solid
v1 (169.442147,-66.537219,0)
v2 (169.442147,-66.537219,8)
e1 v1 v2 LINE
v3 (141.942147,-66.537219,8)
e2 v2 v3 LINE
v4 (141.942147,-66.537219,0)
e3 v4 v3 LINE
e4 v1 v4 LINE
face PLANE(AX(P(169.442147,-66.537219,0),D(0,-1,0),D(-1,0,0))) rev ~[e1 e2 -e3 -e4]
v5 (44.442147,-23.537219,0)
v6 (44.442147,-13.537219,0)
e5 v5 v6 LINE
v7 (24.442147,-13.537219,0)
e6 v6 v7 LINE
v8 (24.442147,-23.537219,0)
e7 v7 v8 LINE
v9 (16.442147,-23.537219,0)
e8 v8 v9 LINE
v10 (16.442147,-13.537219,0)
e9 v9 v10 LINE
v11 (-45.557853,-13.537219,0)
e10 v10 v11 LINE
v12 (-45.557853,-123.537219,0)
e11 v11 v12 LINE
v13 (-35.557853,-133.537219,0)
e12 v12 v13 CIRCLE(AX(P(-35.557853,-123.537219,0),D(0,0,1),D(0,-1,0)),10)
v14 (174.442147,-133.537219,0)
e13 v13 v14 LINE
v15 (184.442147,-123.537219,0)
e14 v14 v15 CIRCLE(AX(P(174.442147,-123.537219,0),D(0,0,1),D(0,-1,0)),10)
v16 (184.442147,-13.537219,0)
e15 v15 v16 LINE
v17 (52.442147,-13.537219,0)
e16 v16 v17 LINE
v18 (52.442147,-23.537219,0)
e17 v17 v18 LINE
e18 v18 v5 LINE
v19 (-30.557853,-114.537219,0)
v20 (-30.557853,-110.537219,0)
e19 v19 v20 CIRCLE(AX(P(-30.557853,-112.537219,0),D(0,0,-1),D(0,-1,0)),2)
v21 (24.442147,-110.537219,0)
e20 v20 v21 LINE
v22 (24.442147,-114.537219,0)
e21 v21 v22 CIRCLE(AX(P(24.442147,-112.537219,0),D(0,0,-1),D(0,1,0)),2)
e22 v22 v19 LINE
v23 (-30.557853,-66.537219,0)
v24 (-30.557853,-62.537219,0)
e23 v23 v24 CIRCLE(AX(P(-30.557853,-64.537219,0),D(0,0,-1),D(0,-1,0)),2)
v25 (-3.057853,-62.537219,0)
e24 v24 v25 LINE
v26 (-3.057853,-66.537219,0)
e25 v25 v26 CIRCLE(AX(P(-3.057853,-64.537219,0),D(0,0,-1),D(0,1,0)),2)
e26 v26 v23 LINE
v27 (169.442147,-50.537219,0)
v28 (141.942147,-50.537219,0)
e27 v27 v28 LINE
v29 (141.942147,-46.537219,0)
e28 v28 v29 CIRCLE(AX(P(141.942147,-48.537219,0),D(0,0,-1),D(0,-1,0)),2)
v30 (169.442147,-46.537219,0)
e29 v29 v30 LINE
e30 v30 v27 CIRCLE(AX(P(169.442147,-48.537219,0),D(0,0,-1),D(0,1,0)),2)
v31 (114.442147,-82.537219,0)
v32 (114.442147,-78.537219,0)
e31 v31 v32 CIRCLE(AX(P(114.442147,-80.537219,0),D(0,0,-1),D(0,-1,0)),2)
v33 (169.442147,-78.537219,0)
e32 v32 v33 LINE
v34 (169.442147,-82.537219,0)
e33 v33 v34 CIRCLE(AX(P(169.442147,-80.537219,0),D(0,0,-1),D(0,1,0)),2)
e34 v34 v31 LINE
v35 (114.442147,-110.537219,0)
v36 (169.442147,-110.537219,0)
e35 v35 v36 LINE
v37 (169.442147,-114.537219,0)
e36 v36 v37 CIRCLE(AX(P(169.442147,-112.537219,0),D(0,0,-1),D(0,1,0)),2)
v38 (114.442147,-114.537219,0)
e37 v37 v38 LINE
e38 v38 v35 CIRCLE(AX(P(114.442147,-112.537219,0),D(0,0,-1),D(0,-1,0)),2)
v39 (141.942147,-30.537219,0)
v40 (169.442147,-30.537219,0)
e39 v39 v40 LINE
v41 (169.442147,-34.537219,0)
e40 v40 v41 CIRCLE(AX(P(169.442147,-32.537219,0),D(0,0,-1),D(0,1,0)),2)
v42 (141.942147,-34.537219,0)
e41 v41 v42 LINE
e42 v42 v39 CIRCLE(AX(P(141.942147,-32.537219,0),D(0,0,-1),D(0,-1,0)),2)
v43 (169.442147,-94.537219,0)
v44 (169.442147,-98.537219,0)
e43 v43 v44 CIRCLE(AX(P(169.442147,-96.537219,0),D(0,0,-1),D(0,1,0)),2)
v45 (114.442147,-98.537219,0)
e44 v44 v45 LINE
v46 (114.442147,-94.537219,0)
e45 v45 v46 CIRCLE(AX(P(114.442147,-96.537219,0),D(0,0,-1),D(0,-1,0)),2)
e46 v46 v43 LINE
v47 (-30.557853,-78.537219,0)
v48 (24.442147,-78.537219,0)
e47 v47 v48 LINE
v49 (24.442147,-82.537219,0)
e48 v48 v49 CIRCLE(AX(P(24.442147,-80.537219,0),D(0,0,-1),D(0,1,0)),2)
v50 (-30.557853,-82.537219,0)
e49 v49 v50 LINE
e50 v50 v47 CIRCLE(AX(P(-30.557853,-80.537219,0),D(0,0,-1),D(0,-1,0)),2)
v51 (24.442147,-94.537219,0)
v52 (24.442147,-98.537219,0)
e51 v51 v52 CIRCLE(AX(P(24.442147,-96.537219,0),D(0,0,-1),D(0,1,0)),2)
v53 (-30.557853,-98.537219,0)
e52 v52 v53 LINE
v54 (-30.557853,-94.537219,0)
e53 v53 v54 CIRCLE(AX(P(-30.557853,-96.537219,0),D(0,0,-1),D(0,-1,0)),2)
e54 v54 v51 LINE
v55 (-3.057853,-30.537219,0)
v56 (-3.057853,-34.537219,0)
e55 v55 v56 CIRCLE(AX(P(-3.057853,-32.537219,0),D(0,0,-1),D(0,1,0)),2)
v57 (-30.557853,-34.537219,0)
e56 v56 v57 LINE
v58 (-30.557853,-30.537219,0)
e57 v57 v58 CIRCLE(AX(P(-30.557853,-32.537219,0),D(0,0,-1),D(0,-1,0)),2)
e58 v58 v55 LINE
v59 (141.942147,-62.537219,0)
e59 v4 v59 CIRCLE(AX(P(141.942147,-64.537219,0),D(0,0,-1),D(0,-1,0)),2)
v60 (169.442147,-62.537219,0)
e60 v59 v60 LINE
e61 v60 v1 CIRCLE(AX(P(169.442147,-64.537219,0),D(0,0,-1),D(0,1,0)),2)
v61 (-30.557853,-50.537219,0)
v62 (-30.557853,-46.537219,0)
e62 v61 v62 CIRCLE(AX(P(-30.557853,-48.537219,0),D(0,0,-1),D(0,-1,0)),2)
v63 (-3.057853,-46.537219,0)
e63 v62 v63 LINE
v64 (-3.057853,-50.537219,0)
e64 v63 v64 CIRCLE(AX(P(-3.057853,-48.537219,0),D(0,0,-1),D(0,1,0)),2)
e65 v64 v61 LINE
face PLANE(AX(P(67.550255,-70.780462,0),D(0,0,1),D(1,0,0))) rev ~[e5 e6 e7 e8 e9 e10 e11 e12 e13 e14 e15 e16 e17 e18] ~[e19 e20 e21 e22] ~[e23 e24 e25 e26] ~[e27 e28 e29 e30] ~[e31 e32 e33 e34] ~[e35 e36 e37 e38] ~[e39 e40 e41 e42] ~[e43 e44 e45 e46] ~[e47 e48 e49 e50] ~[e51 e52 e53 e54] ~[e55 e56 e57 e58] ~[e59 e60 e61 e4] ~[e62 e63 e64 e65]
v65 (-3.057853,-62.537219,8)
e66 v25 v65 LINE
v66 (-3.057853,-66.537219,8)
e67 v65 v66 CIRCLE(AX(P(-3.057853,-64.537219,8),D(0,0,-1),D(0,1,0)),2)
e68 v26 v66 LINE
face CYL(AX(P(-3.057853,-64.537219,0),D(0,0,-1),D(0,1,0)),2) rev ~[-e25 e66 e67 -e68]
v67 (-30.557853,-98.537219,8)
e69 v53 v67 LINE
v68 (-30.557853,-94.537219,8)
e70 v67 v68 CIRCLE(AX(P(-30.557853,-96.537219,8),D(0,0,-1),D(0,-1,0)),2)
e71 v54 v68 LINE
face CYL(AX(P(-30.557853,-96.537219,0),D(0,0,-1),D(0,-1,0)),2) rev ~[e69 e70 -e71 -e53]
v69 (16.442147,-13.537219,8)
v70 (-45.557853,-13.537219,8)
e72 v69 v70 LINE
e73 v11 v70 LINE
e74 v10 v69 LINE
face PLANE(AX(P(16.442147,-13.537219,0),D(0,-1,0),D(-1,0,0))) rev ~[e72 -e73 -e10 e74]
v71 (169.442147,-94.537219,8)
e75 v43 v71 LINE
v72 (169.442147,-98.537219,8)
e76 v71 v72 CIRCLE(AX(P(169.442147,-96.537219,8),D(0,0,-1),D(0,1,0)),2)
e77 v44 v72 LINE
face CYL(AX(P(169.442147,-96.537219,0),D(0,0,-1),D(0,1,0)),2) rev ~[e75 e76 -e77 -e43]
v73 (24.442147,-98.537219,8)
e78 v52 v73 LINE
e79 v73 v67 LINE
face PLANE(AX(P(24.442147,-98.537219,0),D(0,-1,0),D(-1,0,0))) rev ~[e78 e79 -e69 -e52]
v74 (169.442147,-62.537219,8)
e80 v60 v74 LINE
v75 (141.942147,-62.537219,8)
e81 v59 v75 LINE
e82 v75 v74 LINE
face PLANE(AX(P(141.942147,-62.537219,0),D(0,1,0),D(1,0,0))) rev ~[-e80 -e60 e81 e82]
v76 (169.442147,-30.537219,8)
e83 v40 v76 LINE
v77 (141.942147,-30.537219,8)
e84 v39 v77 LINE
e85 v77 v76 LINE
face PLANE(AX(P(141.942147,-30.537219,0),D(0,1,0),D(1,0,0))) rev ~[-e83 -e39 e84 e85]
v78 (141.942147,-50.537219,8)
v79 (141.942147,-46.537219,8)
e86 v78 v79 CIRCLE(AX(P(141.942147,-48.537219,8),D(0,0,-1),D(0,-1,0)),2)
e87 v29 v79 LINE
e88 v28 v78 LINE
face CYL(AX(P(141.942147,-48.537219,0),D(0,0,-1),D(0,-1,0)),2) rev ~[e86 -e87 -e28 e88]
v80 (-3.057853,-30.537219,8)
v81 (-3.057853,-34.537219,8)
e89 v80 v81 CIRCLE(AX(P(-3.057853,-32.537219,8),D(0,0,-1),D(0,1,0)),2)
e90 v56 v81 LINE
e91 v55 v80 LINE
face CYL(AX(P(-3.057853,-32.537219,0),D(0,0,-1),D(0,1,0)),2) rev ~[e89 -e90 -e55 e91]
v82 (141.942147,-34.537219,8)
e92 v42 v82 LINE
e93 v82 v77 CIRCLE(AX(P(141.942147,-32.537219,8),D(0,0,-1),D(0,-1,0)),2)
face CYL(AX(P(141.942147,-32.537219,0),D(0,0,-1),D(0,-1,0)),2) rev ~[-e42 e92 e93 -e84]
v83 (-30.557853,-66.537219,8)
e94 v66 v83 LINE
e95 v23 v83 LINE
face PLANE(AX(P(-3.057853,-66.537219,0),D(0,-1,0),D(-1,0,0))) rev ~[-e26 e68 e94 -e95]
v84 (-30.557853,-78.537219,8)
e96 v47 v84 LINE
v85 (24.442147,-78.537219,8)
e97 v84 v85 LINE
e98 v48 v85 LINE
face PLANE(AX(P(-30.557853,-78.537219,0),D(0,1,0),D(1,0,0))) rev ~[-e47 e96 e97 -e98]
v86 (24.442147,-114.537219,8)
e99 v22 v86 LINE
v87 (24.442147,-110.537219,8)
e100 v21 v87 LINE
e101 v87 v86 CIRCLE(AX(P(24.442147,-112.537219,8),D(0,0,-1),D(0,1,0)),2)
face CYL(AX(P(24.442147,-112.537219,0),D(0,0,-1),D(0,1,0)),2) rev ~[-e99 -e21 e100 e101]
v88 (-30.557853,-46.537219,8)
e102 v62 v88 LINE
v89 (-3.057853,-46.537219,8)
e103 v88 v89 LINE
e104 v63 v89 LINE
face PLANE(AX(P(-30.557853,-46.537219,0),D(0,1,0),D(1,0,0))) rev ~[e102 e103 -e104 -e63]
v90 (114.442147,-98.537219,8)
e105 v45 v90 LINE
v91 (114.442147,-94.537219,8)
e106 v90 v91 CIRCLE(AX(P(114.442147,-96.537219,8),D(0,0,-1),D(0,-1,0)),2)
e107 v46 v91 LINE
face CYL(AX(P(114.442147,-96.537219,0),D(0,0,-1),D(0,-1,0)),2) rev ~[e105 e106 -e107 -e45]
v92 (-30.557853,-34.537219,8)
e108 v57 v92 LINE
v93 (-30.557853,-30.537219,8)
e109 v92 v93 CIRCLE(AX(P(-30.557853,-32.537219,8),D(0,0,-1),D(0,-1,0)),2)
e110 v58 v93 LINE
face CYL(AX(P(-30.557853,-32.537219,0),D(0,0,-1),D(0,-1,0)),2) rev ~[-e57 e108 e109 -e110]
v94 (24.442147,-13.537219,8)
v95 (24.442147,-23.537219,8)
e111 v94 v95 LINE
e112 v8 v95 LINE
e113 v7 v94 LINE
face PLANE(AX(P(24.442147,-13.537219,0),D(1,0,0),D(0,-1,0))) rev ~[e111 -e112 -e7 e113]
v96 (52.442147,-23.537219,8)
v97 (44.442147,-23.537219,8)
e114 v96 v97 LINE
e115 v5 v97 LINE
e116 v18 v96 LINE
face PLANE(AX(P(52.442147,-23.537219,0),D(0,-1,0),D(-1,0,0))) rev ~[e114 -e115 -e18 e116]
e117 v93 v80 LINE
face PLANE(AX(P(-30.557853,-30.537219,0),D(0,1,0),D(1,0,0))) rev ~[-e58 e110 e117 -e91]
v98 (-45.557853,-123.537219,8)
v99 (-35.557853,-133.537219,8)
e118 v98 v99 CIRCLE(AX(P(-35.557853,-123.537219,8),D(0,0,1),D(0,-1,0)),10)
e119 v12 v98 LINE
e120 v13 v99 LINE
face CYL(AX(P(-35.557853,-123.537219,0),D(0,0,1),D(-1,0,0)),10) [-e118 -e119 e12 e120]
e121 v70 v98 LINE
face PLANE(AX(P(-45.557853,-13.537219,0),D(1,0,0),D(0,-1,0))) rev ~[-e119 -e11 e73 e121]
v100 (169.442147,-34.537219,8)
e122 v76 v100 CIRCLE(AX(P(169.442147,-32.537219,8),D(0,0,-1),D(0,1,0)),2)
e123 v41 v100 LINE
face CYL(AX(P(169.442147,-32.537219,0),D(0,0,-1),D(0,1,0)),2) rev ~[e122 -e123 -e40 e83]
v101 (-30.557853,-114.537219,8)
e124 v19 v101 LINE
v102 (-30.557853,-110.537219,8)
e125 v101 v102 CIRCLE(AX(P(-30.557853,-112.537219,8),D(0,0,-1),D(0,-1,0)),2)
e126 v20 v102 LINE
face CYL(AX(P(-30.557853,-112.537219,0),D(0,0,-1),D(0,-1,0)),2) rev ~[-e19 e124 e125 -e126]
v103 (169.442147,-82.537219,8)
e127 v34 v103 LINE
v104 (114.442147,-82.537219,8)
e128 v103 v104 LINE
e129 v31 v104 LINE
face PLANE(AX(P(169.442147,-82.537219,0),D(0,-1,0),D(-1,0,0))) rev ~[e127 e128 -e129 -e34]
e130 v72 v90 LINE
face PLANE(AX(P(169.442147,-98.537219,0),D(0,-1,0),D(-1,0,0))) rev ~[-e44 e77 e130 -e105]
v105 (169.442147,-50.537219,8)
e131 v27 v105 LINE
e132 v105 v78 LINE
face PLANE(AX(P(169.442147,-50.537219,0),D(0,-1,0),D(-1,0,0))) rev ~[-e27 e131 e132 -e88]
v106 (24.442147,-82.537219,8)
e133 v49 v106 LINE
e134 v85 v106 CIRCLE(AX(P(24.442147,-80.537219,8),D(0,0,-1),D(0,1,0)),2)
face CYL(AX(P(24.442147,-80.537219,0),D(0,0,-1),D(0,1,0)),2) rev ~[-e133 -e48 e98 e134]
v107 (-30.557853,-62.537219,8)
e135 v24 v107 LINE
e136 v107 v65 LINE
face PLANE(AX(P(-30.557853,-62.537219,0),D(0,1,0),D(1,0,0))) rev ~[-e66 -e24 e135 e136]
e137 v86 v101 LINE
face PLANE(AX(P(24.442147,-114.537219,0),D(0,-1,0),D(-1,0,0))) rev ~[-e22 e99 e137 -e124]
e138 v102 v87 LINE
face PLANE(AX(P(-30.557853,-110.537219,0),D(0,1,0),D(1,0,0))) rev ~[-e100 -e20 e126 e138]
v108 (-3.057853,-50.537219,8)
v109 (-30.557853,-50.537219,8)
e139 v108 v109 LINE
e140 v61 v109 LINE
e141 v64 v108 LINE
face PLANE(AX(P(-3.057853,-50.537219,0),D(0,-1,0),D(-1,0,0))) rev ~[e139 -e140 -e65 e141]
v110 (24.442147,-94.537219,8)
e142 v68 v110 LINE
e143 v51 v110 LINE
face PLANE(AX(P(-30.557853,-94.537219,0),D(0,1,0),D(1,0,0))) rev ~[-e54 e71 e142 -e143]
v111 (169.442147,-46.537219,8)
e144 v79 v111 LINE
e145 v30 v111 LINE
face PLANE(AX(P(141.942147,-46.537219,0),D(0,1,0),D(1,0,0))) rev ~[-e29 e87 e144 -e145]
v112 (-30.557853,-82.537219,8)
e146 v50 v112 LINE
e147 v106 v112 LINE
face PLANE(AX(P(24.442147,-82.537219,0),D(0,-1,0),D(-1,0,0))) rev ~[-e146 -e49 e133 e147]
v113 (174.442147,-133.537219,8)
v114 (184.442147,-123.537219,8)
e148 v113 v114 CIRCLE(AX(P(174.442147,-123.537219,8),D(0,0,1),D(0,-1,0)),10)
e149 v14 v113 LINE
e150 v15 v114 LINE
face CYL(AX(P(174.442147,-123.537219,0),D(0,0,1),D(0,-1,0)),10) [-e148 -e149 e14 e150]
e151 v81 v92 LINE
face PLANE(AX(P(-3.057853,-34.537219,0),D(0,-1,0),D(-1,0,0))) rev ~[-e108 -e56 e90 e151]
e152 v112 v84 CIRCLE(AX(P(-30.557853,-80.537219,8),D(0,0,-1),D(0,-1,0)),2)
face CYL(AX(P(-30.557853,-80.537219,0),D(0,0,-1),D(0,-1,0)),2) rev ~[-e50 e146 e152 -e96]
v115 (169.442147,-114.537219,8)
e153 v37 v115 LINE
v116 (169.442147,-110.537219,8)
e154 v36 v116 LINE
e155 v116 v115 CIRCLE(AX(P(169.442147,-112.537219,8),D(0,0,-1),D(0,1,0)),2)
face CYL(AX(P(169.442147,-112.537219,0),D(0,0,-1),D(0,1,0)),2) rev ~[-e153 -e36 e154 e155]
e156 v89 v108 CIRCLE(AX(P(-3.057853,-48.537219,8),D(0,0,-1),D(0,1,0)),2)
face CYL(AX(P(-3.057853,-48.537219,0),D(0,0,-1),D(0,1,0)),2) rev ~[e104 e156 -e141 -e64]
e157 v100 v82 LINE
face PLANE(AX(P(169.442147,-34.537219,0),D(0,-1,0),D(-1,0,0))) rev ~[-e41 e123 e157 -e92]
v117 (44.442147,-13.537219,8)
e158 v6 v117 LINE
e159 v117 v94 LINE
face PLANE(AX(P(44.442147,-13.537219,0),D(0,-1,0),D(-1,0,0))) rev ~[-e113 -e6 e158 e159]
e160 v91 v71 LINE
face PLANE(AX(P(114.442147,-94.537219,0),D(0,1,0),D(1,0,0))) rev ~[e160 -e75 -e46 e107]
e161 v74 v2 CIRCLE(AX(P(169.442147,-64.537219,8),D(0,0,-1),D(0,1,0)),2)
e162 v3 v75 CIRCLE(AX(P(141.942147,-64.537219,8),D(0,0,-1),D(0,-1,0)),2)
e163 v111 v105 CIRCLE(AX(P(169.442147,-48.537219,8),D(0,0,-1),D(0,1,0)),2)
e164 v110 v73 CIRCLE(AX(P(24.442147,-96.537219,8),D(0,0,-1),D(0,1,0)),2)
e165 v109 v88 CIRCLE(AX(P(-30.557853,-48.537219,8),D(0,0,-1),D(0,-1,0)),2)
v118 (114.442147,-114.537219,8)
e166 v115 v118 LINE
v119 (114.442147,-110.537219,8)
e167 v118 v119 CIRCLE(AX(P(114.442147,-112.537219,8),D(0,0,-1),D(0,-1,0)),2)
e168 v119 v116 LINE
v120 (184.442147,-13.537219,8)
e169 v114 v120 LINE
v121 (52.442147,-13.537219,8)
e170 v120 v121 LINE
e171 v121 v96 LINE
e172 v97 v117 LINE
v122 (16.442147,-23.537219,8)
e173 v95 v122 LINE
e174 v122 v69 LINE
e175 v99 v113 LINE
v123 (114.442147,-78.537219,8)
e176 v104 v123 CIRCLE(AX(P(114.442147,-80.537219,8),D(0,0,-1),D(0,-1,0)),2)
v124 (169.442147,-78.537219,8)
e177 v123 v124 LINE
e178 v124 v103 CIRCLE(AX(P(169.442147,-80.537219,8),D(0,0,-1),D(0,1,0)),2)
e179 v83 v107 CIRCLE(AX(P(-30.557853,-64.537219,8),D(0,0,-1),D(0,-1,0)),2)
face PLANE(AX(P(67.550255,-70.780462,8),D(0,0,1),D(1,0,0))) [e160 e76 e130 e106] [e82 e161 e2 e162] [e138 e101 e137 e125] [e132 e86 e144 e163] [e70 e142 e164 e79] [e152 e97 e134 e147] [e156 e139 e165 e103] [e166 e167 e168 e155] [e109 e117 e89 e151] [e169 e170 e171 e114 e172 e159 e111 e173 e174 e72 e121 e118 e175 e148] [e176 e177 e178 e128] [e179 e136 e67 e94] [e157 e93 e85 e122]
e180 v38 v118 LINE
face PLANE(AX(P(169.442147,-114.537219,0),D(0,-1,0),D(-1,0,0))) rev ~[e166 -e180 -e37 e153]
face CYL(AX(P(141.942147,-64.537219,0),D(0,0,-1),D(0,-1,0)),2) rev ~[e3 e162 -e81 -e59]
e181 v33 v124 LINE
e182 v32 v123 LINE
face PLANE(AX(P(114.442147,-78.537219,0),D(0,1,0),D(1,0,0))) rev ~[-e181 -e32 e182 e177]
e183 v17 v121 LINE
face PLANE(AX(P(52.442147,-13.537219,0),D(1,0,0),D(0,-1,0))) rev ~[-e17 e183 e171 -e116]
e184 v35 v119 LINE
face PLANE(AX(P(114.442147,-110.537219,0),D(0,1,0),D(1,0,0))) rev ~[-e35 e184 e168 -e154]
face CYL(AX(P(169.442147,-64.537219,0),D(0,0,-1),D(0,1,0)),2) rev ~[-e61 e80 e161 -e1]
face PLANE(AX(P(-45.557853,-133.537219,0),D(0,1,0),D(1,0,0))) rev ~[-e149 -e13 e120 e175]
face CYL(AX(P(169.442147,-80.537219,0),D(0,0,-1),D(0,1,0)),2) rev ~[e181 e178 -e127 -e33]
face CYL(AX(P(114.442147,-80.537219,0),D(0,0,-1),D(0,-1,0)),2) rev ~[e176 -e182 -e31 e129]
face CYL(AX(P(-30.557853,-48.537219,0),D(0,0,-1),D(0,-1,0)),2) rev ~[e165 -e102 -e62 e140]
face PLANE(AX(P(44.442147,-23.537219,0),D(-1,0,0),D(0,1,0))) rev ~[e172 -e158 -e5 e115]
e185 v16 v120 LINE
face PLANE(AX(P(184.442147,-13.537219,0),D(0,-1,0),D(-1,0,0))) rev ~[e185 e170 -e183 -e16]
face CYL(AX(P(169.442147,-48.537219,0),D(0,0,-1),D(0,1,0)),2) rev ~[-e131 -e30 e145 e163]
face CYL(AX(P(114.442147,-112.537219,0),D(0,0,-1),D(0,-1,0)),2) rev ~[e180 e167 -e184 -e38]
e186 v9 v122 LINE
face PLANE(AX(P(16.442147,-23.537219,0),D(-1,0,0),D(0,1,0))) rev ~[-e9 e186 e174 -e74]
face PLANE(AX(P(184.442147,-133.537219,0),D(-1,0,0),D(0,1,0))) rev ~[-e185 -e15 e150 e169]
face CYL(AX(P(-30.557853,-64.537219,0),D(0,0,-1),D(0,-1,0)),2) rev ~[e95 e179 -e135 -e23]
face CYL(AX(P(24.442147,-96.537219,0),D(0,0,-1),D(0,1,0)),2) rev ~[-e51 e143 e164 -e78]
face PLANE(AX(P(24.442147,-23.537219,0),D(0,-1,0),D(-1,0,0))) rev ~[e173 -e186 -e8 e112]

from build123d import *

# Parameters (mm, degrees)
F1_DEPTH = 8
F2_R     = 10


with BuildPart() as f1:
    # F0 (on Top) → F1 (new body)
    with BuildSketch(Plane.XY):
        Polygon((16.4421471655, -13.5372191966), (-45.5578528345, -13.5372191966), (-45.5578528345, -133.5372191966), (184.4421471655, -133.5372191966), (184.4421471655, -13.5372191966), (52.4421471655, -13.5372191966), (52.4421471655, -23.5372191966), (44.4421471655, -23.5372191966), (44.4421471655, -13.5372191966), (24.4421471655, -13.5372191966), (24.4421471655, -23.5372191966), (16.4421471655, -23.5372191966), align=None)
        with BuildLine():
            ThreePointArc((-30.5578528345, -114.5372191966), (-32.5578528345, -112.5372191966), (-30.5578528345, -110.5372191966))
            Line((-30.5578528345, -110.5372191966), (24.4421471655, -110.5372191966))
            ThreePointArc((24.4421471655, -110.5372191966), (26.4421471655, -112.5372191966), (24.4421471655, -114.5372191966))
            Line((24.4421471655, -114.5372191966), (-30.5578528345, -114.5372191966))
        make_face(mode=Mode.SUBTRACT)
        with BuildLine():
            ThreePointArc((-30.5578528345, -98.5372191966), (-32.5578528345, -96.5372191966), (-30.5578528345, -94.5372191966))
            Line((-30.5578528345, -94.5372191966), (24.4421471655, -94.5372191966))
            ThreePointArc((24.4421471655, -94.5372191966), (26.4421471655, -96.5372191966), (24.4421471655, -98.5372191966))
            Line((24.4421471655, -98.5372191966), (-30.5578528345, -98.5372191966))
        make_face(mode=Mode.SUBTRACT)
        with BuildLine():
            Line((24.4421471655, -82.5372191966), (-30.5578528345, -82.5372191966))
            ThreePointArc((-30.5578528345, -82.5372191966), (-32.5578528345, -80.5372191966), (-30.5578528345, -78.5372191966))
            Line((-30.5578528345, -78.5372191966), (24.4421471655, -78.5372191966))
            ThreePointArc((24.4421471655, -78.5372191966), (26.4421471655, -80.5372191966), (24.4421471655, -82.5372191966))
        make_face(mode=Mode.SUBTRACT)
        with BuildLine():
            ThreePointArc((169.4421471655, -110.5372191966), (171.4421471655, -112.5372191966), (169.4421471655, -114.5372191966))
            Line((169.4421471655, -114.5372191966), (114.4421471655, -114.5372191966))
            ThreePointArc((114.4421471655, -114.5372191966), (112.4421471655, -112.5372191966), (114.4421471655, -110.5372191966))
            Line((114.4421471655, -110.5372191966), (169.4421471655, -110.5372191966))
        make_face(mode=Mode.SUBTRACT)
        with BuildLine():
            ThreePointArc((169.4421471655, -94.5372191966), (171.4421471655, -96.5372191966), (169.4421471655, -98.5372191966))
            Line((169.4421471655, -98.5372191966), (114.4421471655, -98.5372191966))
            ThreePointArc((114.4421471655, -98.5372191966), (112.4421471655, -96.5372191966), (114.4421471655, -94.5372191966))
            Line((114.4421471655, -94.5372191966), (169.4421471655, -94.5372191966))
        make_face(mode=Mode.SUBTRACT)
        with BuildLine():
            ThreePointArc((169.4421471655, -78.5372191966), (171.4421471655, -80.5372191966), (169.4421471655, -82.5372191966))
            Line((169.4421471655, -82.5372191966), (114.4421471655, -82.5372191966))
            ThreePointArc((114.4421471655, -82.5372191966), (112.4421471655, -80.5372191966), (114.4421471655, -78.5372191966))
            Line((114.4421471655, -78.5372191966), (169.4421471655, -78.5372191966))
        make_face(mode=Mode.SUBTRACT)
        with BuildLine():
            Line((-3.0578528345, -66.5372191966), (-30.5578528345, -66.5372191966))
            ThreePointArc((-30.5578528345, -66.5372191966), (-32.5578528345, -64.5372191966), (-30.5578528345, -62.5372191966))
            Line((-30.5578528345, -62.5372191966), (-3.0578528345, -62.5372191966))
            ThreePointArc((-3.0578528345, -62.5372191966), (-1.0578528345, -64.5372191966), (-3.0578528345, -66.5372191966))
        make_face(mode=Mode.SUBTRACT)
        with BuildLine():
            Line((-3.0578528345, -50.5372191966), (-30.5578528345, -50.5372191966))
            ThreePointArc((-30.5578528345, -50.5372191966), (-32.5578528345, -48.5372191966), (-30.5578528345, -46.5372191966))
            Line((-30.5578528345, -46.5372191966), (-3.0578528345, -46.5372191966))
            ThreePointArc((-3.0578528345, -46.5372191966), (-1.0578528345, -48.5372191966), (-3.0578528345, -50.5372191966))
        make_face(mode=Mode.SUBTRACT)
        with BuildLine():
            Line((-3.0578528345, -34.5372191966), (-30.5578528345, -34.5372191966))
            ThreePointArc((-30.5578528345, -34.5372191966), (-32.5578528345, -32.5372191966), (-30.5578528345, -30.5372191966))
            Line((-30.5578528345, -30.5372191966), (-3.0578528345, -30.5372191966))
            ThreePointArc((-3.0578528345, -30.5372191966), (-1.0578528345, -32.5372191966), (-3.0578528345, -34.5372191966))
        make_face(mode=Mode.SUBTRACT)
        with BuildLine():
            ThreePointArc((169.4421471655, -62.5372191966), (171.4421471655, -64.5372191966), (169.4421471655, -66.5372191966))
            Line((169.4421471655, -66.5372191966), (141.9421471655, -66.5372191966))
            ThreePointArc((141.9421471655, -66.5372191966), (139.9421471655, -64.5372191966), (141.9421471655, -62.5372191966))
            Line((141.9421471655, -62.5372191966), (169.4421471655, -62.5372191966))
        make_face(mode=Mode.SUBTRACT)
        with BuildLine():
            ThreePointArc((169.4421471655, -46.5372191966), (171.4421471655, -48.5372191966), (169.4421471655, -50.5372191966))
            Line((169.4421471655, -50.5372191966), (141.9421471655, -50.5372191966))
            ThreePointArc((141.9421471655, -50.5372191966), (139.9421471655, -48.5372191966), (141.9421471655, -46.5372191966))
            Line((141.9421471655, -46.5372191966), (169.4421471655, -46.5372191966))
        make_face(mode=Mode.SUBTRACT)
        with BuildLine():
            ThreePointArc((169.4421471655, -30.5372191966), (171.4421471655, -32.5372191966), (169.4421471655, -34.5372191966))
            Line((169.4421471655, -34.5372191966), (141.9421471655, -34.5372191966))
            ThreePointArc((141.9421471655, -34.5372191966), (139.9421471655, -32.5372191966), (141.9421471655, -30.5372191966))
            Line((141.9421471655, -30.5372191966), (169.4421471655, -30.5372191966))
        make_face(mode=Mode.SUBTRACT)
    extrude(amount=F1_DEPTH)

    # F2
    f2_edges = [f1.edges().sort_by_distance(p)[0] for p in [
        (-45.557853, -133.537219, 4),
        (184.442147, -133.537219, 4),
    ]]
    fillet(f2_edges, radius=F2_R)


solid = f1.part
